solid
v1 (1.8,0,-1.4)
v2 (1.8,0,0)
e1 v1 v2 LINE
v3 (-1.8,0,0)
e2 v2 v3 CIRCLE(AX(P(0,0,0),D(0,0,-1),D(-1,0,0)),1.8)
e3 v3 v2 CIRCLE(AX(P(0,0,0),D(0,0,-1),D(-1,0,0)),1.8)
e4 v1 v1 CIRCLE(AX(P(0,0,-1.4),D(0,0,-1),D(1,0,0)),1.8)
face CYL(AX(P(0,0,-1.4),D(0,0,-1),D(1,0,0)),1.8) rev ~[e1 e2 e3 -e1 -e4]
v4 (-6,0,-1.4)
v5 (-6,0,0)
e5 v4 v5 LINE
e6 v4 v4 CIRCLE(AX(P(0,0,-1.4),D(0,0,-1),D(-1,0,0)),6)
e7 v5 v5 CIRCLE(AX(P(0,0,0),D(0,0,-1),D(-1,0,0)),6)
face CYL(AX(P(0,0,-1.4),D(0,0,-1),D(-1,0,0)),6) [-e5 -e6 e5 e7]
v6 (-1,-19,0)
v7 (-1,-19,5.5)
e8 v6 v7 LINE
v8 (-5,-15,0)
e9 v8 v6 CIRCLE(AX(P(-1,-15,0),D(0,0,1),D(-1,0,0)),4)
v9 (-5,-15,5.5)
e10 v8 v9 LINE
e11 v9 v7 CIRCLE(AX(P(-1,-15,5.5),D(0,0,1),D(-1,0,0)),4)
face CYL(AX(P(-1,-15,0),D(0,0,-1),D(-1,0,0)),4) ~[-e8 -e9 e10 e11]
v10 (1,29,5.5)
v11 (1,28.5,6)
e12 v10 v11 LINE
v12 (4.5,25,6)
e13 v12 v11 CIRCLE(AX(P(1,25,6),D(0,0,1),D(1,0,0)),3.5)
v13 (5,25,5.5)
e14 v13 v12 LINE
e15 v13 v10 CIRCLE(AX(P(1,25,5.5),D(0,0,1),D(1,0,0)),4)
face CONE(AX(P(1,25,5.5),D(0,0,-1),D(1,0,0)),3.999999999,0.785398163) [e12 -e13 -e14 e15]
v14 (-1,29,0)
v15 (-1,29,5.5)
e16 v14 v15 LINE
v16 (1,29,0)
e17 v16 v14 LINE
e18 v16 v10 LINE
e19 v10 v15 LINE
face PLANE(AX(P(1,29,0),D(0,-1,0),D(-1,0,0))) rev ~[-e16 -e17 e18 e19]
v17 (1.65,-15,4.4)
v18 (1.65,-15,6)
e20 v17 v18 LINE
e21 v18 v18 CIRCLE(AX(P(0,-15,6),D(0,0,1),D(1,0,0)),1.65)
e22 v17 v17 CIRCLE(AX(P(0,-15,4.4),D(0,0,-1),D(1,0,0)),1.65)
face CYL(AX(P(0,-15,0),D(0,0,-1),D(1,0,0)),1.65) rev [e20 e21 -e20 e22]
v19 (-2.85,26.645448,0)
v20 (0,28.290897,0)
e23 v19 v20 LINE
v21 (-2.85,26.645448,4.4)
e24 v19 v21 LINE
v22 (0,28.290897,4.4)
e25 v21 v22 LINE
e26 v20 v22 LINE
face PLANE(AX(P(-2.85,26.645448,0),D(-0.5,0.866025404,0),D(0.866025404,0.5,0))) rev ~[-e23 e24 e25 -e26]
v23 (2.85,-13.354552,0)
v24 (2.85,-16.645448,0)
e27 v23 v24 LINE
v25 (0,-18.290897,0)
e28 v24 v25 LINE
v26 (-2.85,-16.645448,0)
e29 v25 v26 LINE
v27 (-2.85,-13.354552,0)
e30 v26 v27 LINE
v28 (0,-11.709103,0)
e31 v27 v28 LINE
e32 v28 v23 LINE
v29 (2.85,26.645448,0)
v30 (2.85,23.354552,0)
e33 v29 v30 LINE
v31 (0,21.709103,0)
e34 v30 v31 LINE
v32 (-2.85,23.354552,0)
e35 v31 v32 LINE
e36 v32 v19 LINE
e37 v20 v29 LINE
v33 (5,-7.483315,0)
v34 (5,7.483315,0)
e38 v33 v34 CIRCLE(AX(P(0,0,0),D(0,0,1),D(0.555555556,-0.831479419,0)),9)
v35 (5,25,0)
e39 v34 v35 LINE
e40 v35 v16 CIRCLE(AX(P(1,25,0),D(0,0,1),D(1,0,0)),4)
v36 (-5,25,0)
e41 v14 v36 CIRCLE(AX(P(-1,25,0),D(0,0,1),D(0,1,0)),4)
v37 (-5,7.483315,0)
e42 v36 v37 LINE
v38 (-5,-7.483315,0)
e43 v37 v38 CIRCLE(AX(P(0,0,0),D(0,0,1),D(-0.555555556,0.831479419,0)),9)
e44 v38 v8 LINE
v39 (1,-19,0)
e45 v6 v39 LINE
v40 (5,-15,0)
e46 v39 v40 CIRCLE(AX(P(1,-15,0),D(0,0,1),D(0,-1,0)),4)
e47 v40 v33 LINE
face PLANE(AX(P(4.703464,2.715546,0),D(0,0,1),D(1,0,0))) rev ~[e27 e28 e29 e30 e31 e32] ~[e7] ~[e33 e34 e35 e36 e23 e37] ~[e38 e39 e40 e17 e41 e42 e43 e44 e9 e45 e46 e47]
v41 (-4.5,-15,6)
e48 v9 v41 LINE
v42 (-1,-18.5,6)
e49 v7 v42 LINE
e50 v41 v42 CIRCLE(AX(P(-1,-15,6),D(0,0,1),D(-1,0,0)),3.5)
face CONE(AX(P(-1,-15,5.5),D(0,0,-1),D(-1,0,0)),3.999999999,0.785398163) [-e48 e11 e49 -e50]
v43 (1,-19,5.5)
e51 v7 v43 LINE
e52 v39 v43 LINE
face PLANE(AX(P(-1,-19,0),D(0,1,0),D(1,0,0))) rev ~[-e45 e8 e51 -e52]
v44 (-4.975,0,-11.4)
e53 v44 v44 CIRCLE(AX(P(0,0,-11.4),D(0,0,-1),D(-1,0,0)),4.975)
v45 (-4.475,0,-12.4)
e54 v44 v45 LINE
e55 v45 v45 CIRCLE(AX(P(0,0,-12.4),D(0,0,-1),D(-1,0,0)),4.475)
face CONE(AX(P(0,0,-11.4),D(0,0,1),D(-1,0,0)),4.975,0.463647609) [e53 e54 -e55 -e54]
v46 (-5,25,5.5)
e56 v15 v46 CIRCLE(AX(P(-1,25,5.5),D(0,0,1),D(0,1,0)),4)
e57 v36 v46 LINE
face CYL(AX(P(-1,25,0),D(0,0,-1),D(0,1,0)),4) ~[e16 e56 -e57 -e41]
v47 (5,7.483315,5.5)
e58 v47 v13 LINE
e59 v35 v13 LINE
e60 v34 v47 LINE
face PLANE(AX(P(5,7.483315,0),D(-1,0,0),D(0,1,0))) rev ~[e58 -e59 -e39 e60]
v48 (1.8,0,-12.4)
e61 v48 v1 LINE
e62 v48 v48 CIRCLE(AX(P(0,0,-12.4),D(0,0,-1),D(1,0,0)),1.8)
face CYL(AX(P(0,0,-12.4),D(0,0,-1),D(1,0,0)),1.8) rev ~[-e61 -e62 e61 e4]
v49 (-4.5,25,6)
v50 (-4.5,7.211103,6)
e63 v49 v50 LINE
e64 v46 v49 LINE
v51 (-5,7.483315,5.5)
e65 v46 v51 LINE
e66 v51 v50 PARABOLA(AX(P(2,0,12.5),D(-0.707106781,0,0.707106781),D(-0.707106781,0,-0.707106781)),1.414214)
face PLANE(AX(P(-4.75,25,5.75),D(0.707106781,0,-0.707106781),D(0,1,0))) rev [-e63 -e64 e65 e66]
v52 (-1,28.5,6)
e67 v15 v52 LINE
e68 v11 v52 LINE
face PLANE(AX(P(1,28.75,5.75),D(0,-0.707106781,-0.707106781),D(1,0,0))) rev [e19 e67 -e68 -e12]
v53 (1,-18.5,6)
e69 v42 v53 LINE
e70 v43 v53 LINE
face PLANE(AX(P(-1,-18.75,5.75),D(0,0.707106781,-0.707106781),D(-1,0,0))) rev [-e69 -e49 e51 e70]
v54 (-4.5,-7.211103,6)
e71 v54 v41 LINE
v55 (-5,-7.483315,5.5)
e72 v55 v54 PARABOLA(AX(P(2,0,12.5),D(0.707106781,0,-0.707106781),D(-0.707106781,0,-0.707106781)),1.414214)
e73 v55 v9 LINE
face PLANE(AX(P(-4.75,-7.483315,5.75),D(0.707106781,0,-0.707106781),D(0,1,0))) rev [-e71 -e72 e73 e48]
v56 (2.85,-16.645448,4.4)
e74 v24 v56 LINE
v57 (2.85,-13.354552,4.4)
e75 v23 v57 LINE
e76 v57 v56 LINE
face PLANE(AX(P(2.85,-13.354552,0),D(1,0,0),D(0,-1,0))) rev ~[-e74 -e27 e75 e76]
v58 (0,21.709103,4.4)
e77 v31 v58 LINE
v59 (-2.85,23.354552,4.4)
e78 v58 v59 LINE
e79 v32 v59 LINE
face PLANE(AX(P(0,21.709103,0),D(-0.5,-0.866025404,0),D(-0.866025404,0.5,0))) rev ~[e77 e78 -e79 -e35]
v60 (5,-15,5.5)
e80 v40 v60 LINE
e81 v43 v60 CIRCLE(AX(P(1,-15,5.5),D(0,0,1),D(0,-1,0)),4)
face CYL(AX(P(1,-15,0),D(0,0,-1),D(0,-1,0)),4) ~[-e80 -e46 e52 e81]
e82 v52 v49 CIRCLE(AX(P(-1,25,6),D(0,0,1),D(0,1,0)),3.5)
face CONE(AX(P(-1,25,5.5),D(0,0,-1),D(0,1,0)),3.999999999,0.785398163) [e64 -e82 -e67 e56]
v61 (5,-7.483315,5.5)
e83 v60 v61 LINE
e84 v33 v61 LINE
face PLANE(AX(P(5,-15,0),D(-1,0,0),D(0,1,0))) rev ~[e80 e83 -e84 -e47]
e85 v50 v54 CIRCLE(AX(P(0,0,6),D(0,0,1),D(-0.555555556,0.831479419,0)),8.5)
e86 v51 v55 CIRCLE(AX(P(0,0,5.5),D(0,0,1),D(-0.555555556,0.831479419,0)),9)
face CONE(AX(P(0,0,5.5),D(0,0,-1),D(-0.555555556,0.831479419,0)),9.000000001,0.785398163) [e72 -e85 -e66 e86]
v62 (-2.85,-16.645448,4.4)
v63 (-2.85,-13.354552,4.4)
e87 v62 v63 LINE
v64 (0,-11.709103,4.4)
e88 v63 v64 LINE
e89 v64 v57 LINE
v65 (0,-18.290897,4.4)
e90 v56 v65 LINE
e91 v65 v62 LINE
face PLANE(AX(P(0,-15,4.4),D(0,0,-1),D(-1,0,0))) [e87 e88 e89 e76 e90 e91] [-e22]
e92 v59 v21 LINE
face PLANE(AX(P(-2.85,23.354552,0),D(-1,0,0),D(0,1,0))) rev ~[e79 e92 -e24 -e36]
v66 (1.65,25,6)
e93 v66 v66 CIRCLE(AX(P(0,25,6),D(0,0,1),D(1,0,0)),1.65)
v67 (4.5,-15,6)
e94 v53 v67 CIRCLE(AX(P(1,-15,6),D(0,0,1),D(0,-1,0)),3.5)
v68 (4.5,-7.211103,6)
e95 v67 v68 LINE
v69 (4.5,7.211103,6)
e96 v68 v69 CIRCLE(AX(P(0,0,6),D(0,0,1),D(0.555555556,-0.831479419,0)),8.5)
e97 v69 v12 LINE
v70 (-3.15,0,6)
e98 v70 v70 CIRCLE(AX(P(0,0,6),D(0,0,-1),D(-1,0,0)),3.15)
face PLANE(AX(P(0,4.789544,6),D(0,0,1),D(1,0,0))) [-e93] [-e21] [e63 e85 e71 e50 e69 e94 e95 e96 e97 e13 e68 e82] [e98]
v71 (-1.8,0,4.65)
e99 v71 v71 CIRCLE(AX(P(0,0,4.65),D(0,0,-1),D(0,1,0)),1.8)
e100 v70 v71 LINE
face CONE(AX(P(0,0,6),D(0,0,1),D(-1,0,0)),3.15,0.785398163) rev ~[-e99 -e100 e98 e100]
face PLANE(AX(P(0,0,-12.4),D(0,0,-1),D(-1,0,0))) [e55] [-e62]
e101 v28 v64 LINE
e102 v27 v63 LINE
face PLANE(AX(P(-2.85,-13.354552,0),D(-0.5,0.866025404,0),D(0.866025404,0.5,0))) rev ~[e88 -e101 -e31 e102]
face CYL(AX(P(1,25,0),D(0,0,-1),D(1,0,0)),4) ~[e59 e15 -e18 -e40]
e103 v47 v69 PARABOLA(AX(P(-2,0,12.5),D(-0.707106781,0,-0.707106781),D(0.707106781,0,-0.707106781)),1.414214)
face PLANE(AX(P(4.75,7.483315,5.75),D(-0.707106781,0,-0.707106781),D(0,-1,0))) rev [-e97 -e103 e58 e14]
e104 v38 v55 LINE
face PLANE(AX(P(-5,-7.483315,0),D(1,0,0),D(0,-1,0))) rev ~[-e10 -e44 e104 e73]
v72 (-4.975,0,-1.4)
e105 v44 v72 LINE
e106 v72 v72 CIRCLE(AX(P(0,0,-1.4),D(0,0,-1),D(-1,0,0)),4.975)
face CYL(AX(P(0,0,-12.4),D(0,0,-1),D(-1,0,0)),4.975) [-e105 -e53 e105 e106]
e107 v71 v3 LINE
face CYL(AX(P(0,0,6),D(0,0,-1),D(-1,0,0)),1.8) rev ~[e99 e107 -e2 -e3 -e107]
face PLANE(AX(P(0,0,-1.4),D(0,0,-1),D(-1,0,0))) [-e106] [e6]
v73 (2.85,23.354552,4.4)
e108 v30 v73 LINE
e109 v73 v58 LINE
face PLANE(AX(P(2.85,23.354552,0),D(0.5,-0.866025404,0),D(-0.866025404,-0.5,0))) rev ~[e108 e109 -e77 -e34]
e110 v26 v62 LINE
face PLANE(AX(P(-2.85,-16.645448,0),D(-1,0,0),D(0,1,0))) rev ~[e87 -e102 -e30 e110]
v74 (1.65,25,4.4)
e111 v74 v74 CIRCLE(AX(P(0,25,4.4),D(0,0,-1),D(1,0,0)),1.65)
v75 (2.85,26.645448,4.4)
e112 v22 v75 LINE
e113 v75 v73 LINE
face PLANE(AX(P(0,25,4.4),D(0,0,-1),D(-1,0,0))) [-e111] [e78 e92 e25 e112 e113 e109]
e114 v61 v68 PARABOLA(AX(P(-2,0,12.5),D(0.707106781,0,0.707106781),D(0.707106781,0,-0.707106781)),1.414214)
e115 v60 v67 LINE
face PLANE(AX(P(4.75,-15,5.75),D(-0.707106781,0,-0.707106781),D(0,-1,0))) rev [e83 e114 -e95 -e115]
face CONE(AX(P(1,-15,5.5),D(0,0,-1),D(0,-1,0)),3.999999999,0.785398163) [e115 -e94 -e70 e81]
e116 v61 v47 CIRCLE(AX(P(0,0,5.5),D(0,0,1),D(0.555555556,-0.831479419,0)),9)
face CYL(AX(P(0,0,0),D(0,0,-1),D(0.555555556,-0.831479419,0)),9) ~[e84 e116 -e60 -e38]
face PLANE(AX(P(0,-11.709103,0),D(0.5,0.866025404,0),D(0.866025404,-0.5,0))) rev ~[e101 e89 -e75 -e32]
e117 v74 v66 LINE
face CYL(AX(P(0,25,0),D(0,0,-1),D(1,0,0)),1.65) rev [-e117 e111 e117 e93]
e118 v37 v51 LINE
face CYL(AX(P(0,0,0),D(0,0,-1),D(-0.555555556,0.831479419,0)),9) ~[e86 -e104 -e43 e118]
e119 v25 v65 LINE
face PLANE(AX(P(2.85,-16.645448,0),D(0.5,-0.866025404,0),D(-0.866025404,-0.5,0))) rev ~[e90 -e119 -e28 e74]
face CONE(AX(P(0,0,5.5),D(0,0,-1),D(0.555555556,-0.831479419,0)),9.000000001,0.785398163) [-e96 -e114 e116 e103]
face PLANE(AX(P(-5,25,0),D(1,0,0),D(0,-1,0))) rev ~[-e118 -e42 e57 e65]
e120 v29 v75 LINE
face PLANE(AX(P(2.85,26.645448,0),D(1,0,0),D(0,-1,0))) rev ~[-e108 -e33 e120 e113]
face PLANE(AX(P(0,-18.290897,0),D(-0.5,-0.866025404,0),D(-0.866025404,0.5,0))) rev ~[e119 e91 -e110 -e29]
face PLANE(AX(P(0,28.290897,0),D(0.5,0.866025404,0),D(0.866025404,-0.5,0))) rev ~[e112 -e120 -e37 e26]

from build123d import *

# Parameters (mm, degrees)
SKETCH1_R                                           = 1.65
SKETCH1_R_2                                         = 1.75
BOSS_EXTRUDE1_DEPTH                                 = 6
CSK_FOR_M3_COUNTERSUNK_FLAT_HEAD_SCREW1_D           = 3.6
CSK_FOR_M3_COUNTERSUNK_FLAT_HEAD_SCREW1_DEPTH       = 47
CSK_FOR_M3_COUNTERSUNK_FLAT_HEAD_SCREW1_CSINK_D     = 6.3
CSK_FOR_M3_COUNTERSUNK_FLAT_HEAD_SCREW1_CSINK_ANGLE = 90
CSK_FOR_M3_COUNTERSUNK_FLAT_HEAD_SCREW1_TIP         = 1.081549114
BOSS_EXTRUDE2_DEPTH                                 = 6
BOSS_EXTRUDE3_START                                 = 1.4
SKETCH5_R                                           = 6
SKETCH5_R_2                                         = 1.8
BOSS_EXTRUDE3_DEPTH                                 = 1.4
BOSS_EXTRUDE4_START                                 = 11
SKETCH6_R                                           = 4.975
SKETCH6_R_2                                         = 1.8
BOSS_EXTRUDE4_DEPTH                                 = 11
CHAMFER1_SIZE                                       = 1
CHAMFER1_SIZE2                                      = 0.5
CUT_EXTRUDE4_DEPTH                                  = 4.4
CHAMFER2_SIZE                                       = 0.5


with BuildPart() as part:
    # Sketch1 → Boss-Extrude1 (new body)
    with BuildSketch(Plane.XY):
        with BuildLine():
            Line((5, 7.483314774), (5, 25))
            ThreePointArc((5, 25), (3.828427125, 27.828427125), (1, 29))
            Line((1, 29), (-1, 29))
            ThreePointArc((-1, 29), (-3.828427125, 27.828427125), (-5, 25))
            Line((-5, 25), (-5, 7.483314774))
            ThreePointArc((-5, 7.483314774), (-9, 0), (-5, -7.483314774))
            Line((-5, -7.483314774), (-5, -15))
            ThreePointArc((-5, -15), (-3.828427125, -17.828427125), (-1, -19))
            Line((-1, -19), (1, -19))
            ThreePointArc((1, -19), (3.828427125, -17.828427125), (5, -15))
            Line((5, -15), (5, -7.483314774))
            ThreePointArc((5, -7.483314774), (9, 0), (5, 7.483314774))
        make_face()
        with Locations((0, 25)):
            Circle(SKETCH1_R, mode=Mode.SUBTRACT)
        with BuildLine():
            Line((-6.988562084, -0.4), (-3.979949748, -0.4))
            ThreePointArc((-3.979949748, -0.4), (-3.464101615, -2), (-2.336385036, -3.246737588))
            Line((-2.336385036, -3.246737588), (-3.840691203, -5.852272301))
            ThreePointArc((-3.840691203, -5.852272301), (-6.062177826, -3.5), (-6.988562084, -0.4))
        make_face(mode=Mode.SUBTRACT)
        with BuildLine():
            ThreePointArc((-1.643564713, -3.646737588), (0, -4), (1.643564713, -3.646737588))
            Line((1.643564713, -3.646737588), (3.14787088, -6.252272301))
            ThreePointArc((3.14787088, -6.252272301), (0, -7), (-3.14787088, -6.252272301))
            Line((-3.14787088, -6.252272301), (-1.643564713, -3.646737588))
        make_face(mode=Mode.SUBTRACT)
        with BuildLine():
            ThreePointArc((2.336385036, -3.246737588), (3.464101615, -2), (3.979949748, -0.4))
            Line((3.979949748, -0.4), (6.988562084, -0.4))
            ThreePointArc((6.988562084, -0.4), (6.062177826, -3.5), (3.840691203, -5.852272301))
            Line((3.840691203, -5.852272301), (2.336385036, -3.246737588))
        make_face(mode=Mode.SUBTRACT)
        with BuildLine():
            ThreePointArc((3.979949748, 0.4), (3.464101615, 2), (2.336385036, 3.246737588))
            Line((2.336385036, 3.246737588), (3.840691203, 5.852272301))
            ThreePointArc((3.840691203, 5.852272301), (6.062177826, 3.5), (6.988562084, 0.4))
            Line((6.988562084, 0.4), (3.979949748, 0.4))
        make_face(mode=Mode.SUBTRACT)
        with BuildLine():
            ThreePointArc((1.643564713, 3.646737588), (0, 4), (-1.643564713, 3.646737588))
            Line((-1.643564713, 3.646737588), (-3.14787088, 6.252272301))
            ThreePointArc((-3.14787088, 6.252272301), (0, 7), (3.14787088, 6.252272301))
            Line((3.14787088, 6.252272301), (1.643564713, 3.646737588))
        make_face(mode=Mode.SUBTRACT)
        with BuildLine():
            ThreePointArc((-2.336385036, 3.246737588), (-3.464101615, 2), (-3.979949748, 0.4))
            Line((-3.979949748, 0.4), (-6.988562084, 0.4))
            ThreePointArc((-6.988562084, 0.4), (-6.062177826, 3.5), (-3.840691203, 5.852272301))
            Line((-3.840691203, 5.852272301), (-2.336385036, 3.246737588))
        make_face(mode=Mode.SUBTRACT)
        with Locations((0, -15)):
            Circle(SKETCH1_R, mode=Mode.SUBTRACT)
        Circle(SKETCH1_R_2, mode=Mode.SUBTRACT)
    extrude(amount=BOSS_EXTRUDE1_DEPTH)

    # CSK for M3 Countersunk Flat Head Screw1
    with Locations(Plane.XY.offset(6)):
        with Locations((0, 0)):
            CounterSinkHole(CSK_FOR_M3_COUNTERSUNK_FLAT_HEAD_SCREW1_D / 2, CSK_FOR_M3_COUNTERSUNK_FLAT_HEAD_SCREW1_CSINK_D / 2, depth=CSK_FOR_M3_COUNTERSUNK_FLAT_HEAD_SCREW1_DEPTH, counter_sink_angle=CSK_FOR_M3_COUNTERSUNK_FLAT_HEAD_SCREW1_CSINK_ANGLE)
            with Locations((0, 0, -(CSK_FOR_M3_COUNTERSUNK_FLAT_HEAD_SCREW1_DEPTH + CSK_FOR_M3_COUNTERSUNK_FLAT_HEAD_SCREW1_TIP / 2))):  # 118° drill point
                Cone(0, CSK_FOR_M3_COUNTERSUNK_FLAT_HEAD_SCREW1_D / 2, CSK_FOR_M3_COUNTERSUNK_FLAT_HEAD_SCREW1_TIP, mode=Mode.SUBTRACT)

    # Sketch1<5> → Boss-Extrude2 (add)
    with BuildSketch(Plane.XY):
        with BuildLine():
            Line((3.640691203, 5.505862139), (2.336385036, 3.246737588))
            ThreePointArc((2.336385036, 3.246737588), (3.464101615, 2), (3.979949748, 0.4))
            Line((3.979949748, 0.4), (6.988562084, 0.4))
            ThreePointArc((6.988562084, 0.4), (6.062177826, 3.5), (3.840691203, 5.852272301))
            Line((3.840691203, 5.852272301), (3.640691203, 5.505862139))
        make_face()
        with BuildLine():
            Line((-2.94787088, 5.905862139), (-1.643564713, 3.646737588))
            ThreePointArc((-1.643564713, 3.646737588), (0, 4), (1.643564713, 3.646737588))
            Line((1.643564713, 3.646737588), (3.14787088, 6.252272301))
            ThreePointArc((3.14787088, 6.252272301), (0, 7), (-3.14787088, 6.252272301))
            Line((-3.14787088, 6.252272301), (-2.94787088, 5.905862139))
        make_face()
        with BuildLine():
            ThreePointArc((-2.336385036, -3.246737588), (-3.464101615, -2), (-3.979949748, -0.4))
            Line((-3.979949748, -0.4), (-6.988562084, -0.4))
            ThreePointArc((-6.988562084, -0.4), (-6.062177826, -3.5), (-3.840691203, -5.852272301))
            Line((-3.840691203, -5.852272301), (-3.640691203, -5.505862139))
            Line((-3.640691203, -5.505862139), (-2.336385036, -3.246737588))
        make_face()
        with BuildLine():
            Line((-6.588562084, 0.4), (-3.979949748, 0.4))
            ThreePointArc((-3.979949748, 0.4), (-3.464101615, 2), (-2.336385036, 3.246737588))
            Line((-2.336385036, 3.246737588), (-3.840691203, 5.852272301))
            ThreePointArc((-3.840691203, 5.852272301), (-6.062177826, 3.5), (-6.988562084, 0.4))
            Line((-6.988562084, 0.4), (-6.588562084, 0.4))
        make_face()
        with BuildLine():
            ThreePointArc((3.979949748, -0.4), (3.464101615, -2), (2.336385036, -3.246737588))
            Line((2.336385036, -3.246737588), (3.840691203, -5.852272301))
            ThreePointArc((3.840691203, -5.852272301), (6.062177826, -3.5), (6.988562084, -0.4))
            Line((6.988562084, -0.4), (6.588562084, -0.4))
            Line((6.588562084, -0.4), (3.979949748, -0.4))
        make_face()
        with BuildLine():
            ThreePointArc((1.643564713, -3.646737588), (0, -4), (-1.643564713, -3.646737588))
            Line((-1.643564713, -3.646737588), (-3.14787088, -6.252272301))
            ThreePointArc((-3.14787088, -6.252272301), (0, -7), (3.14787088, -6.252272301))
            Line((3.14787088, -6.252272301), (2.94787088, -5.905862139))
            Line((2.94787088, -5.905862139), (1.643564713, -3.646737588))
        make_face()
    extrude(amount=BOSS_EXTRUDE2_DEPTH)

    # Sketch5 → Boss-Extrude3 (add)
    with BuildSketch(Plane(origin=(0, 0, 0), x_dir=(-1, 0, 0), z_dir=(0, 0, -1)).offset(BOSS_EXTRUDE3_START)):
        Circle(SKETCH5_R)
        with Locations(Location((0, 0, 0), (0, 0, 180))):
            Circle(SKETCH5_R_2, mode=Mode.SUBTRACT)
    extrude(amount=-BOSS_EXTRUDE3_DEPTH)

    # Sketch6 → Boss-Extrude4 (add)
    with BuildSketch(Plane(origin=(0, 0, -1.4), x_dir=(-1, 0, 0), z_dir=(0, 0, -1)).offset(BOSS_EXTRUDE4_START)):
        Circle(SKETCH6_R)
        with Locations(Location((0, 0, 0), (0, 0, 180))):
            Circle(SKETCH6_R_2, mode=Mode.SUBTRACT)
    extrude(amount=-BOSS_EXTRUDE4_DEPTH)

    # Chamfer1
    chamfer1_edges = [part.edges().sort_by_distance(p)[0] for p in [
        (4.975, 0, -12.4),
    ]]
    chamfer1_side = [part.faces().sort_by_distance(p)[0] for p in [
        (4.975, 0, -6.9),
    ]]
    chamfer(chamfer1_edges, length=CHAMFER1_SIZE, length2=CHAMFER1_SIZE2, reference=chamfer1_side[0])

    # Sketch7 → Cut-Extrude4 (cut)
    with BuildSketch(Plane(origin=(0, 0, 0), x_dir=(-1, 0, 0), z_dir=(0, 0, -1))):
        Polygon((2.85, 23.354551733), (2.85, 26.645448267), (0, 28.290896534), (-2.85, 26.645448267), (-2.85, 23.354551733), (0, 21.709103466), align=None)
        Polygon((2.85, -13.354551733), (0, -11.709103466), (-2.85, -13.354551733), (-2.85, -16.645448267), (0, -18.290896534), (2.85, -16.645448267), align=None)
    extrude(amount=-CUT_EXTRUDE4_DEPTH, mode=Mode.SUBTRACT)

    # Chamfer2
    chamfer2_edges = [part.edges().sort_by_distance(p)[0] for p in [
        (-5, -11.241657387, 6),
        (-3.828427125, -17.828427125, 6),
        (0, -19, 6),
        (3.828427125, -17.828427125, 6),
        (5, -11.241657387, 6),
        (9, 0, 6),
        (5, 16.241657387, 6),
        (3.828427125, 27.828427125, 6),
        (0, 29, 6),
        (-3.828427125, 27.828427125, 6),
        (-5, 16.241657387, 6),
        (-9, 0, 6),
    ]]
    chamfer(chamfer2_edges, length=CHAMFER2_SIZE)


solid = part.part
